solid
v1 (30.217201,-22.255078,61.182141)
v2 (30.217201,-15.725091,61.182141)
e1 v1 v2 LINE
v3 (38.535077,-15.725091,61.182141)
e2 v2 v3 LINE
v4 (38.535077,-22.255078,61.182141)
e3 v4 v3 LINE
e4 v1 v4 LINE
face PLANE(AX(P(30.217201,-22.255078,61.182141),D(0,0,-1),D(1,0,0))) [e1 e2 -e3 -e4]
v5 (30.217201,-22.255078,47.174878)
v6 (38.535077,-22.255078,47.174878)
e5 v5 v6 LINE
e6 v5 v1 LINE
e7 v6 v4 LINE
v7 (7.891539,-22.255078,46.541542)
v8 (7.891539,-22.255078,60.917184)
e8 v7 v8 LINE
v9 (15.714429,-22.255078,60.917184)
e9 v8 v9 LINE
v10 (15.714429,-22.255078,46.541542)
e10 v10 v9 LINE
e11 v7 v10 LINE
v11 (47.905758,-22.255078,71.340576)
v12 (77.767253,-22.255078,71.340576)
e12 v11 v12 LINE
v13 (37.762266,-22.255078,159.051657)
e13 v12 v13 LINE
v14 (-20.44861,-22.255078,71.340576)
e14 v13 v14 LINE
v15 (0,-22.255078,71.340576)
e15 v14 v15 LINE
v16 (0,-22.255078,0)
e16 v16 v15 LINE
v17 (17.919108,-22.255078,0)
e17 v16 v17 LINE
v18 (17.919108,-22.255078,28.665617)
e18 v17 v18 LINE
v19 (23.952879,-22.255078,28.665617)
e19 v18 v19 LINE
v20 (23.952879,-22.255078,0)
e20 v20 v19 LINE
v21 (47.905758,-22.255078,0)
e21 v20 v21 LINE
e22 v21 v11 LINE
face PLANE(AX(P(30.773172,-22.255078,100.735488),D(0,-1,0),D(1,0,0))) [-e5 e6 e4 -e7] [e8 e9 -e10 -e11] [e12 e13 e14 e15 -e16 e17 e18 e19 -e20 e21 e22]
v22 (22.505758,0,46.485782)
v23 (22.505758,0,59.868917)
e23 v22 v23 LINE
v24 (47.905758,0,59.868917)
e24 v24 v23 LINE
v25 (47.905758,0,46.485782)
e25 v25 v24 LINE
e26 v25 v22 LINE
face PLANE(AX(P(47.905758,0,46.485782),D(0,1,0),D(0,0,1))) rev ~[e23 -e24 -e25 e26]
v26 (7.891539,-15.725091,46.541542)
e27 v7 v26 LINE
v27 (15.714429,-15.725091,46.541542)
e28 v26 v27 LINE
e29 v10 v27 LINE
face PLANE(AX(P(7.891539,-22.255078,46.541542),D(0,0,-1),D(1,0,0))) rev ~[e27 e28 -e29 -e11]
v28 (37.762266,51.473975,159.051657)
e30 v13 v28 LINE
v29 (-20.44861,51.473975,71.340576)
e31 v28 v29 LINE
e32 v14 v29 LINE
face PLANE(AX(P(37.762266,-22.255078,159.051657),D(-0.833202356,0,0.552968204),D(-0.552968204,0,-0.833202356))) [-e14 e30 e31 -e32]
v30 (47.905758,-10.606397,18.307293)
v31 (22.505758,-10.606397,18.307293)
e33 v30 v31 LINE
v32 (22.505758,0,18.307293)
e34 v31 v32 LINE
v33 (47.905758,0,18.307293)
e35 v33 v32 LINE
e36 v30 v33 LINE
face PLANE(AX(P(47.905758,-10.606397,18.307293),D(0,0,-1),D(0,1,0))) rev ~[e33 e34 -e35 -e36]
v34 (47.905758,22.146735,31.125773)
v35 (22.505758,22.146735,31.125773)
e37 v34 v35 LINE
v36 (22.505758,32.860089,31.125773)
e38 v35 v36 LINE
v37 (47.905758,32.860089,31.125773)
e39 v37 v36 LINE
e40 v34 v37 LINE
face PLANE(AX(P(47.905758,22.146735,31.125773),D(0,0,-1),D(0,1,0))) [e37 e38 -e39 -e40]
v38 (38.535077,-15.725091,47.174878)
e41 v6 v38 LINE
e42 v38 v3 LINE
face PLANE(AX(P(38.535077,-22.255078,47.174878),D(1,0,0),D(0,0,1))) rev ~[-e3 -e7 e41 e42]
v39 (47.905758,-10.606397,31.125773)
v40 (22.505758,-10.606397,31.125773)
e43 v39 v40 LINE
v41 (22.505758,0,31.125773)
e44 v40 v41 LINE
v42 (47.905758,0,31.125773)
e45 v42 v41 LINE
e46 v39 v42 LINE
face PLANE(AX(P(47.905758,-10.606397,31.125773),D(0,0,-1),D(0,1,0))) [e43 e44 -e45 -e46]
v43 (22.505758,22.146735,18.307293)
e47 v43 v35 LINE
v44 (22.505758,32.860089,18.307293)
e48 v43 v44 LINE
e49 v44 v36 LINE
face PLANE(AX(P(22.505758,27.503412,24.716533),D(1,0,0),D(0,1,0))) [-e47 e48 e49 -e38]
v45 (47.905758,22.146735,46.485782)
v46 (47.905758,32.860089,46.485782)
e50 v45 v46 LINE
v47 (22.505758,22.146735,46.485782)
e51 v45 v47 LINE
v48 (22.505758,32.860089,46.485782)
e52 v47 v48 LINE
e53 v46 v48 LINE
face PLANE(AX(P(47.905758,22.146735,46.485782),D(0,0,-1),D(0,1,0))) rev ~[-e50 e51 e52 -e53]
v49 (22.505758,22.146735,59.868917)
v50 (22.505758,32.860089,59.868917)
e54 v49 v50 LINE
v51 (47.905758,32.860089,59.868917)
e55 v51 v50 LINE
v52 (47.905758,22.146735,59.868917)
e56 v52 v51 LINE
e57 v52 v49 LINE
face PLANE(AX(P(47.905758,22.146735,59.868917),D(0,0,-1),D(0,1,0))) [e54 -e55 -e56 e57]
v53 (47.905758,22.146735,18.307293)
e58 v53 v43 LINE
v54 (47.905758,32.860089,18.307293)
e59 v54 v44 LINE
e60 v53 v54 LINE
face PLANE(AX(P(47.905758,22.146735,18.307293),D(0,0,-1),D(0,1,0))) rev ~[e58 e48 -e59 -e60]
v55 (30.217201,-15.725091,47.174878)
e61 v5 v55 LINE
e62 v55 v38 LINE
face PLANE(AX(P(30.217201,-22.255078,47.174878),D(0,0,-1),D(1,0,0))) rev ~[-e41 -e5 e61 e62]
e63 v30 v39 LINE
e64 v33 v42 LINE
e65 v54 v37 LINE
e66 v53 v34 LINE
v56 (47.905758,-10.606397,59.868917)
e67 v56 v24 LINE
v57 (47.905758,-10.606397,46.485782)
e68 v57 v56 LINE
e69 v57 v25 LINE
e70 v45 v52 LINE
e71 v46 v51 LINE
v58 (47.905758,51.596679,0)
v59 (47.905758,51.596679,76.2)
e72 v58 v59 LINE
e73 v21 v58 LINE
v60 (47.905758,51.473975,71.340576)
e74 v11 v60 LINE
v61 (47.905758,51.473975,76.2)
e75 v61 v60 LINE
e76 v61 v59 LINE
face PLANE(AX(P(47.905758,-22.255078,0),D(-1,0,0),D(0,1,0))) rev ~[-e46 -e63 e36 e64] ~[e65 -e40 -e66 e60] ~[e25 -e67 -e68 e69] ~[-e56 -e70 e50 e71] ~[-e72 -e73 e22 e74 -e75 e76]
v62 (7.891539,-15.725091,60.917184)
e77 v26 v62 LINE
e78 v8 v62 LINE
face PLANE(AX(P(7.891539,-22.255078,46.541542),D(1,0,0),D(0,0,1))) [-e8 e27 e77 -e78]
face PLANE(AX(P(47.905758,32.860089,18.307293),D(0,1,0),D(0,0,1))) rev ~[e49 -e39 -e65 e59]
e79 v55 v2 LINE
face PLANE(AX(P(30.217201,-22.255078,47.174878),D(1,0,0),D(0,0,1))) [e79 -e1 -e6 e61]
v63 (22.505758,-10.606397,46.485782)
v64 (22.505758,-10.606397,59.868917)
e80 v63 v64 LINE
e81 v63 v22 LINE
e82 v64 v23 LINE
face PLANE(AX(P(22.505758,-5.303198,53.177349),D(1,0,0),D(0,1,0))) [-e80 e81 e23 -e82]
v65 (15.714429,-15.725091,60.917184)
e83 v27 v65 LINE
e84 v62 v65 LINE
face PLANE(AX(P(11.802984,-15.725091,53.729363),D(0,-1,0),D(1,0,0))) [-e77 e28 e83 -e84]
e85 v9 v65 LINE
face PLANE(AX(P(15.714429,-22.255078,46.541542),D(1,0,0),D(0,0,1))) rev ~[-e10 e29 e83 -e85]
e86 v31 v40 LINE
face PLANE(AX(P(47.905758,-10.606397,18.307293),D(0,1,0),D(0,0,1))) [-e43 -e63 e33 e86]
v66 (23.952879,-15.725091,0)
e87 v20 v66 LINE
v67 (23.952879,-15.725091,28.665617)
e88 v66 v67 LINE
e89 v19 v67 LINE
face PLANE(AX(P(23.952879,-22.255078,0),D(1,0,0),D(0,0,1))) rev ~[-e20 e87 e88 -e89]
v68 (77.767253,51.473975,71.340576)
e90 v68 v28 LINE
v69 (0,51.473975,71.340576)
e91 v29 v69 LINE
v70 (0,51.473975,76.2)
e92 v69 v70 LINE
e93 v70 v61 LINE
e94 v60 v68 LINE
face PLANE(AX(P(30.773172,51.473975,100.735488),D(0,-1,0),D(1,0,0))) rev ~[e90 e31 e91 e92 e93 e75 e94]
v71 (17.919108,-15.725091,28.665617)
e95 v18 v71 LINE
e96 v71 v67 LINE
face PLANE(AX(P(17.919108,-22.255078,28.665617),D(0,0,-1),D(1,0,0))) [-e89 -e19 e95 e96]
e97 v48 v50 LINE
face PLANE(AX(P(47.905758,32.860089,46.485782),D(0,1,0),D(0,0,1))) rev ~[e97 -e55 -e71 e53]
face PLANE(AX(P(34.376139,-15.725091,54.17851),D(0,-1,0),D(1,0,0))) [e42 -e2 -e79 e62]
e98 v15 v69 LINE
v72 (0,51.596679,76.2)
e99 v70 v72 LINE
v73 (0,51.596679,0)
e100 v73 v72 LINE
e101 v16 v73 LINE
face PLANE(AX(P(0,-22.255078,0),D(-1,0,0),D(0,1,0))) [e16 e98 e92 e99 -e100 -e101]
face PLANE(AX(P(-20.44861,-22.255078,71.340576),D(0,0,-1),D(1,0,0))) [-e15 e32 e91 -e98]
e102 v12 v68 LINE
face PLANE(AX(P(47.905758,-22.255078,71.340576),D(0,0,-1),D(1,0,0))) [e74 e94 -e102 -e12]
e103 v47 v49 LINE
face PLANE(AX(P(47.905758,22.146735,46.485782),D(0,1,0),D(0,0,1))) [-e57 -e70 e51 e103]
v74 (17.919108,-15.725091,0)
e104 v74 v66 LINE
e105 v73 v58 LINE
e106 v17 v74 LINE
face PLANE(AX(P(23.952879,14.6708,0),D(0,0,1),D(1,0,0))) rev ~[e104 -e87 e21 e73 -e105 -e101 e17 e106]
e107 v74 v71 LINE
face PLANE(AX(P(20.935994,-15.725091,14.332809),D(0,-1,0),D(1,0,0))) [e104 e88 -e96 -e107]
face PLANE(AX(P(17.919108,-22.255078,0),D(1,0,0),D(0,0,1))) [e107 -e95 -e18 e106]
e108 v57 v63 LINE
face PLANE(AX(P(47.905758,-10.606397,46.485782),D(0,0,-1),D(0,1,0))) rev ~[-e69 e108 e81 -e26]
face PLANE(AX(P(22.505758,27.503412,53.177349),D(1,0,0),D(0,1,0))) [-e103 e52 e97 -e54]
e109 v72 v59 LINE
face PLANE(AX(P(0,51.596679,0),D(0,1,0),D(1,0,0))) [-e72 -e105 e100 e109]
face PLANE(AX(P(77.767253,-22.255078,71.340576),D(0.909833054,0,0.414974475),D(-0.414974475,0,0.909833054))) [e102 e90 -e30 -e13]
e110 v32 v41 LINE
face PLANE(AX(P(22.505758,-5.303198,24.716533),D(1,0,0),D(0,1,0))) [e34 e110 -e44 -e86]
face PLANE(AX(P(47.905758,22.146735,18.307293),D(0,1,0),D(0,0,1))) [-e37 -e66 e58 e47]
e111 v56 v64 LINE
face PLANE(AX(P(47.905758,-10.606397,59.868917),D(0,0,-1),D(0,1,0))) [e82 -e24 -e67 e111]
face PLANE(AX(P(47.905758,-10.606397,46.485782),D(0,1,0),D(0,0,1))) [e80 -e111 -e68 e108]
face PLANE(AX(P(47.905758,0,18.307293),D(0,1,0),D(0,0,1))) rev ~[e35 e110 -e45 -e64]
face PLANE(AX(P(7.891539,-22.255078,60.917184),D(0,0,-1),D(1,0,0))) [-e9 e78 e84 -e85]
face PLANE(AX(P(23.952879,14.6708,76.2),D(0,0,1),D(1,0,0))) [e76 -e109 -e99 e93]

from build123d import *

# Parameters (mm, degrees)
F0_W     = 47.9057580233
F0_H     = 73.8517567515
F1_DEPTH = 76.2
F3_DEPTH = 73.7290531397
F4_W     = 7.8228898346
F4_H     = 14.375641942
F4_W_2   = 8.3178766072
F4_H_2   = 14.0072628856
F4_W_3   = 6.03377074
F4_H_3   = 28.6656171083
F5_DEPTH = 6.5299868584
F6_W     = 10.6063969433
F6_H     = 13.3831351995
F6_H_2   = 12.8184799105
F6_W_2   = 10.7133537531
F7_DEPTH = 25.4


with BuildPart() as f1:
    # F0 (on Top) → F1 (new body)
    with BuildSketch(Plane.XY):
        with Locations((23.9528790116, 14.6708004177)):
            Rectangle(F0_W, F0_H)
    extrude(amount=F1_DEPTH)

    # F2 (on face) → F3 (join)
    with BuildSketch(Plane.XZ.offset(22.2550779581)):
        Polygon((37.7622656524, 159.051656723), (-20.4486101866, 71.3405758142), (0, 71.3405758142), (0, 76.2), (47.9057580233, 76.2), (47.9057580233, 71.3405758142), (77.7672529221, 71.3405758142), align=None)
    extrude(amount=-F3_DEPTH)

    # F4 (on face) → F5 (cut)
    with BuildSketch(Plane.XZ.offset(22.2550779581)):
        with Locations((11.8029844016, 53.7293627858)):
            Rectangle(F4_W, F4_H)
        with Locations((34.3761388212, 54.1785098612)):
            Rectangle(F4_W_2, F4_H_2)
        with Locations((20.9359936416, 14.3328085542)):
            Rectangle(F4_W_3, F4_H_3)
    extrude(amount=-F5_DEPTH, mode=Mode.SUBTRACT)

    # F6 (on face) → F7 (cut)
    with BuildSketch(Plane.YZ.offset(47.9057580233)):
        with Locations((-5.3031984717, 53.1773492694)):
            Rectangle(F6_W, F6_H)
        with Locations((-5.3031984717, 24.7165327892)):
            Rectangle(F6_W, F6_H_2)
        with Locations((27.5034122169, 24.7165327892)):
            Rectangle(F6_W_2, F6_H_2)
        with Locations((27.5034122169, 53.1773492694)):
            Rectangle(F6_W_2, F6_H)
    extrude(amount=-F7_DEPTH, mode=Mode.SUBTRACT)


solid = f1.part
